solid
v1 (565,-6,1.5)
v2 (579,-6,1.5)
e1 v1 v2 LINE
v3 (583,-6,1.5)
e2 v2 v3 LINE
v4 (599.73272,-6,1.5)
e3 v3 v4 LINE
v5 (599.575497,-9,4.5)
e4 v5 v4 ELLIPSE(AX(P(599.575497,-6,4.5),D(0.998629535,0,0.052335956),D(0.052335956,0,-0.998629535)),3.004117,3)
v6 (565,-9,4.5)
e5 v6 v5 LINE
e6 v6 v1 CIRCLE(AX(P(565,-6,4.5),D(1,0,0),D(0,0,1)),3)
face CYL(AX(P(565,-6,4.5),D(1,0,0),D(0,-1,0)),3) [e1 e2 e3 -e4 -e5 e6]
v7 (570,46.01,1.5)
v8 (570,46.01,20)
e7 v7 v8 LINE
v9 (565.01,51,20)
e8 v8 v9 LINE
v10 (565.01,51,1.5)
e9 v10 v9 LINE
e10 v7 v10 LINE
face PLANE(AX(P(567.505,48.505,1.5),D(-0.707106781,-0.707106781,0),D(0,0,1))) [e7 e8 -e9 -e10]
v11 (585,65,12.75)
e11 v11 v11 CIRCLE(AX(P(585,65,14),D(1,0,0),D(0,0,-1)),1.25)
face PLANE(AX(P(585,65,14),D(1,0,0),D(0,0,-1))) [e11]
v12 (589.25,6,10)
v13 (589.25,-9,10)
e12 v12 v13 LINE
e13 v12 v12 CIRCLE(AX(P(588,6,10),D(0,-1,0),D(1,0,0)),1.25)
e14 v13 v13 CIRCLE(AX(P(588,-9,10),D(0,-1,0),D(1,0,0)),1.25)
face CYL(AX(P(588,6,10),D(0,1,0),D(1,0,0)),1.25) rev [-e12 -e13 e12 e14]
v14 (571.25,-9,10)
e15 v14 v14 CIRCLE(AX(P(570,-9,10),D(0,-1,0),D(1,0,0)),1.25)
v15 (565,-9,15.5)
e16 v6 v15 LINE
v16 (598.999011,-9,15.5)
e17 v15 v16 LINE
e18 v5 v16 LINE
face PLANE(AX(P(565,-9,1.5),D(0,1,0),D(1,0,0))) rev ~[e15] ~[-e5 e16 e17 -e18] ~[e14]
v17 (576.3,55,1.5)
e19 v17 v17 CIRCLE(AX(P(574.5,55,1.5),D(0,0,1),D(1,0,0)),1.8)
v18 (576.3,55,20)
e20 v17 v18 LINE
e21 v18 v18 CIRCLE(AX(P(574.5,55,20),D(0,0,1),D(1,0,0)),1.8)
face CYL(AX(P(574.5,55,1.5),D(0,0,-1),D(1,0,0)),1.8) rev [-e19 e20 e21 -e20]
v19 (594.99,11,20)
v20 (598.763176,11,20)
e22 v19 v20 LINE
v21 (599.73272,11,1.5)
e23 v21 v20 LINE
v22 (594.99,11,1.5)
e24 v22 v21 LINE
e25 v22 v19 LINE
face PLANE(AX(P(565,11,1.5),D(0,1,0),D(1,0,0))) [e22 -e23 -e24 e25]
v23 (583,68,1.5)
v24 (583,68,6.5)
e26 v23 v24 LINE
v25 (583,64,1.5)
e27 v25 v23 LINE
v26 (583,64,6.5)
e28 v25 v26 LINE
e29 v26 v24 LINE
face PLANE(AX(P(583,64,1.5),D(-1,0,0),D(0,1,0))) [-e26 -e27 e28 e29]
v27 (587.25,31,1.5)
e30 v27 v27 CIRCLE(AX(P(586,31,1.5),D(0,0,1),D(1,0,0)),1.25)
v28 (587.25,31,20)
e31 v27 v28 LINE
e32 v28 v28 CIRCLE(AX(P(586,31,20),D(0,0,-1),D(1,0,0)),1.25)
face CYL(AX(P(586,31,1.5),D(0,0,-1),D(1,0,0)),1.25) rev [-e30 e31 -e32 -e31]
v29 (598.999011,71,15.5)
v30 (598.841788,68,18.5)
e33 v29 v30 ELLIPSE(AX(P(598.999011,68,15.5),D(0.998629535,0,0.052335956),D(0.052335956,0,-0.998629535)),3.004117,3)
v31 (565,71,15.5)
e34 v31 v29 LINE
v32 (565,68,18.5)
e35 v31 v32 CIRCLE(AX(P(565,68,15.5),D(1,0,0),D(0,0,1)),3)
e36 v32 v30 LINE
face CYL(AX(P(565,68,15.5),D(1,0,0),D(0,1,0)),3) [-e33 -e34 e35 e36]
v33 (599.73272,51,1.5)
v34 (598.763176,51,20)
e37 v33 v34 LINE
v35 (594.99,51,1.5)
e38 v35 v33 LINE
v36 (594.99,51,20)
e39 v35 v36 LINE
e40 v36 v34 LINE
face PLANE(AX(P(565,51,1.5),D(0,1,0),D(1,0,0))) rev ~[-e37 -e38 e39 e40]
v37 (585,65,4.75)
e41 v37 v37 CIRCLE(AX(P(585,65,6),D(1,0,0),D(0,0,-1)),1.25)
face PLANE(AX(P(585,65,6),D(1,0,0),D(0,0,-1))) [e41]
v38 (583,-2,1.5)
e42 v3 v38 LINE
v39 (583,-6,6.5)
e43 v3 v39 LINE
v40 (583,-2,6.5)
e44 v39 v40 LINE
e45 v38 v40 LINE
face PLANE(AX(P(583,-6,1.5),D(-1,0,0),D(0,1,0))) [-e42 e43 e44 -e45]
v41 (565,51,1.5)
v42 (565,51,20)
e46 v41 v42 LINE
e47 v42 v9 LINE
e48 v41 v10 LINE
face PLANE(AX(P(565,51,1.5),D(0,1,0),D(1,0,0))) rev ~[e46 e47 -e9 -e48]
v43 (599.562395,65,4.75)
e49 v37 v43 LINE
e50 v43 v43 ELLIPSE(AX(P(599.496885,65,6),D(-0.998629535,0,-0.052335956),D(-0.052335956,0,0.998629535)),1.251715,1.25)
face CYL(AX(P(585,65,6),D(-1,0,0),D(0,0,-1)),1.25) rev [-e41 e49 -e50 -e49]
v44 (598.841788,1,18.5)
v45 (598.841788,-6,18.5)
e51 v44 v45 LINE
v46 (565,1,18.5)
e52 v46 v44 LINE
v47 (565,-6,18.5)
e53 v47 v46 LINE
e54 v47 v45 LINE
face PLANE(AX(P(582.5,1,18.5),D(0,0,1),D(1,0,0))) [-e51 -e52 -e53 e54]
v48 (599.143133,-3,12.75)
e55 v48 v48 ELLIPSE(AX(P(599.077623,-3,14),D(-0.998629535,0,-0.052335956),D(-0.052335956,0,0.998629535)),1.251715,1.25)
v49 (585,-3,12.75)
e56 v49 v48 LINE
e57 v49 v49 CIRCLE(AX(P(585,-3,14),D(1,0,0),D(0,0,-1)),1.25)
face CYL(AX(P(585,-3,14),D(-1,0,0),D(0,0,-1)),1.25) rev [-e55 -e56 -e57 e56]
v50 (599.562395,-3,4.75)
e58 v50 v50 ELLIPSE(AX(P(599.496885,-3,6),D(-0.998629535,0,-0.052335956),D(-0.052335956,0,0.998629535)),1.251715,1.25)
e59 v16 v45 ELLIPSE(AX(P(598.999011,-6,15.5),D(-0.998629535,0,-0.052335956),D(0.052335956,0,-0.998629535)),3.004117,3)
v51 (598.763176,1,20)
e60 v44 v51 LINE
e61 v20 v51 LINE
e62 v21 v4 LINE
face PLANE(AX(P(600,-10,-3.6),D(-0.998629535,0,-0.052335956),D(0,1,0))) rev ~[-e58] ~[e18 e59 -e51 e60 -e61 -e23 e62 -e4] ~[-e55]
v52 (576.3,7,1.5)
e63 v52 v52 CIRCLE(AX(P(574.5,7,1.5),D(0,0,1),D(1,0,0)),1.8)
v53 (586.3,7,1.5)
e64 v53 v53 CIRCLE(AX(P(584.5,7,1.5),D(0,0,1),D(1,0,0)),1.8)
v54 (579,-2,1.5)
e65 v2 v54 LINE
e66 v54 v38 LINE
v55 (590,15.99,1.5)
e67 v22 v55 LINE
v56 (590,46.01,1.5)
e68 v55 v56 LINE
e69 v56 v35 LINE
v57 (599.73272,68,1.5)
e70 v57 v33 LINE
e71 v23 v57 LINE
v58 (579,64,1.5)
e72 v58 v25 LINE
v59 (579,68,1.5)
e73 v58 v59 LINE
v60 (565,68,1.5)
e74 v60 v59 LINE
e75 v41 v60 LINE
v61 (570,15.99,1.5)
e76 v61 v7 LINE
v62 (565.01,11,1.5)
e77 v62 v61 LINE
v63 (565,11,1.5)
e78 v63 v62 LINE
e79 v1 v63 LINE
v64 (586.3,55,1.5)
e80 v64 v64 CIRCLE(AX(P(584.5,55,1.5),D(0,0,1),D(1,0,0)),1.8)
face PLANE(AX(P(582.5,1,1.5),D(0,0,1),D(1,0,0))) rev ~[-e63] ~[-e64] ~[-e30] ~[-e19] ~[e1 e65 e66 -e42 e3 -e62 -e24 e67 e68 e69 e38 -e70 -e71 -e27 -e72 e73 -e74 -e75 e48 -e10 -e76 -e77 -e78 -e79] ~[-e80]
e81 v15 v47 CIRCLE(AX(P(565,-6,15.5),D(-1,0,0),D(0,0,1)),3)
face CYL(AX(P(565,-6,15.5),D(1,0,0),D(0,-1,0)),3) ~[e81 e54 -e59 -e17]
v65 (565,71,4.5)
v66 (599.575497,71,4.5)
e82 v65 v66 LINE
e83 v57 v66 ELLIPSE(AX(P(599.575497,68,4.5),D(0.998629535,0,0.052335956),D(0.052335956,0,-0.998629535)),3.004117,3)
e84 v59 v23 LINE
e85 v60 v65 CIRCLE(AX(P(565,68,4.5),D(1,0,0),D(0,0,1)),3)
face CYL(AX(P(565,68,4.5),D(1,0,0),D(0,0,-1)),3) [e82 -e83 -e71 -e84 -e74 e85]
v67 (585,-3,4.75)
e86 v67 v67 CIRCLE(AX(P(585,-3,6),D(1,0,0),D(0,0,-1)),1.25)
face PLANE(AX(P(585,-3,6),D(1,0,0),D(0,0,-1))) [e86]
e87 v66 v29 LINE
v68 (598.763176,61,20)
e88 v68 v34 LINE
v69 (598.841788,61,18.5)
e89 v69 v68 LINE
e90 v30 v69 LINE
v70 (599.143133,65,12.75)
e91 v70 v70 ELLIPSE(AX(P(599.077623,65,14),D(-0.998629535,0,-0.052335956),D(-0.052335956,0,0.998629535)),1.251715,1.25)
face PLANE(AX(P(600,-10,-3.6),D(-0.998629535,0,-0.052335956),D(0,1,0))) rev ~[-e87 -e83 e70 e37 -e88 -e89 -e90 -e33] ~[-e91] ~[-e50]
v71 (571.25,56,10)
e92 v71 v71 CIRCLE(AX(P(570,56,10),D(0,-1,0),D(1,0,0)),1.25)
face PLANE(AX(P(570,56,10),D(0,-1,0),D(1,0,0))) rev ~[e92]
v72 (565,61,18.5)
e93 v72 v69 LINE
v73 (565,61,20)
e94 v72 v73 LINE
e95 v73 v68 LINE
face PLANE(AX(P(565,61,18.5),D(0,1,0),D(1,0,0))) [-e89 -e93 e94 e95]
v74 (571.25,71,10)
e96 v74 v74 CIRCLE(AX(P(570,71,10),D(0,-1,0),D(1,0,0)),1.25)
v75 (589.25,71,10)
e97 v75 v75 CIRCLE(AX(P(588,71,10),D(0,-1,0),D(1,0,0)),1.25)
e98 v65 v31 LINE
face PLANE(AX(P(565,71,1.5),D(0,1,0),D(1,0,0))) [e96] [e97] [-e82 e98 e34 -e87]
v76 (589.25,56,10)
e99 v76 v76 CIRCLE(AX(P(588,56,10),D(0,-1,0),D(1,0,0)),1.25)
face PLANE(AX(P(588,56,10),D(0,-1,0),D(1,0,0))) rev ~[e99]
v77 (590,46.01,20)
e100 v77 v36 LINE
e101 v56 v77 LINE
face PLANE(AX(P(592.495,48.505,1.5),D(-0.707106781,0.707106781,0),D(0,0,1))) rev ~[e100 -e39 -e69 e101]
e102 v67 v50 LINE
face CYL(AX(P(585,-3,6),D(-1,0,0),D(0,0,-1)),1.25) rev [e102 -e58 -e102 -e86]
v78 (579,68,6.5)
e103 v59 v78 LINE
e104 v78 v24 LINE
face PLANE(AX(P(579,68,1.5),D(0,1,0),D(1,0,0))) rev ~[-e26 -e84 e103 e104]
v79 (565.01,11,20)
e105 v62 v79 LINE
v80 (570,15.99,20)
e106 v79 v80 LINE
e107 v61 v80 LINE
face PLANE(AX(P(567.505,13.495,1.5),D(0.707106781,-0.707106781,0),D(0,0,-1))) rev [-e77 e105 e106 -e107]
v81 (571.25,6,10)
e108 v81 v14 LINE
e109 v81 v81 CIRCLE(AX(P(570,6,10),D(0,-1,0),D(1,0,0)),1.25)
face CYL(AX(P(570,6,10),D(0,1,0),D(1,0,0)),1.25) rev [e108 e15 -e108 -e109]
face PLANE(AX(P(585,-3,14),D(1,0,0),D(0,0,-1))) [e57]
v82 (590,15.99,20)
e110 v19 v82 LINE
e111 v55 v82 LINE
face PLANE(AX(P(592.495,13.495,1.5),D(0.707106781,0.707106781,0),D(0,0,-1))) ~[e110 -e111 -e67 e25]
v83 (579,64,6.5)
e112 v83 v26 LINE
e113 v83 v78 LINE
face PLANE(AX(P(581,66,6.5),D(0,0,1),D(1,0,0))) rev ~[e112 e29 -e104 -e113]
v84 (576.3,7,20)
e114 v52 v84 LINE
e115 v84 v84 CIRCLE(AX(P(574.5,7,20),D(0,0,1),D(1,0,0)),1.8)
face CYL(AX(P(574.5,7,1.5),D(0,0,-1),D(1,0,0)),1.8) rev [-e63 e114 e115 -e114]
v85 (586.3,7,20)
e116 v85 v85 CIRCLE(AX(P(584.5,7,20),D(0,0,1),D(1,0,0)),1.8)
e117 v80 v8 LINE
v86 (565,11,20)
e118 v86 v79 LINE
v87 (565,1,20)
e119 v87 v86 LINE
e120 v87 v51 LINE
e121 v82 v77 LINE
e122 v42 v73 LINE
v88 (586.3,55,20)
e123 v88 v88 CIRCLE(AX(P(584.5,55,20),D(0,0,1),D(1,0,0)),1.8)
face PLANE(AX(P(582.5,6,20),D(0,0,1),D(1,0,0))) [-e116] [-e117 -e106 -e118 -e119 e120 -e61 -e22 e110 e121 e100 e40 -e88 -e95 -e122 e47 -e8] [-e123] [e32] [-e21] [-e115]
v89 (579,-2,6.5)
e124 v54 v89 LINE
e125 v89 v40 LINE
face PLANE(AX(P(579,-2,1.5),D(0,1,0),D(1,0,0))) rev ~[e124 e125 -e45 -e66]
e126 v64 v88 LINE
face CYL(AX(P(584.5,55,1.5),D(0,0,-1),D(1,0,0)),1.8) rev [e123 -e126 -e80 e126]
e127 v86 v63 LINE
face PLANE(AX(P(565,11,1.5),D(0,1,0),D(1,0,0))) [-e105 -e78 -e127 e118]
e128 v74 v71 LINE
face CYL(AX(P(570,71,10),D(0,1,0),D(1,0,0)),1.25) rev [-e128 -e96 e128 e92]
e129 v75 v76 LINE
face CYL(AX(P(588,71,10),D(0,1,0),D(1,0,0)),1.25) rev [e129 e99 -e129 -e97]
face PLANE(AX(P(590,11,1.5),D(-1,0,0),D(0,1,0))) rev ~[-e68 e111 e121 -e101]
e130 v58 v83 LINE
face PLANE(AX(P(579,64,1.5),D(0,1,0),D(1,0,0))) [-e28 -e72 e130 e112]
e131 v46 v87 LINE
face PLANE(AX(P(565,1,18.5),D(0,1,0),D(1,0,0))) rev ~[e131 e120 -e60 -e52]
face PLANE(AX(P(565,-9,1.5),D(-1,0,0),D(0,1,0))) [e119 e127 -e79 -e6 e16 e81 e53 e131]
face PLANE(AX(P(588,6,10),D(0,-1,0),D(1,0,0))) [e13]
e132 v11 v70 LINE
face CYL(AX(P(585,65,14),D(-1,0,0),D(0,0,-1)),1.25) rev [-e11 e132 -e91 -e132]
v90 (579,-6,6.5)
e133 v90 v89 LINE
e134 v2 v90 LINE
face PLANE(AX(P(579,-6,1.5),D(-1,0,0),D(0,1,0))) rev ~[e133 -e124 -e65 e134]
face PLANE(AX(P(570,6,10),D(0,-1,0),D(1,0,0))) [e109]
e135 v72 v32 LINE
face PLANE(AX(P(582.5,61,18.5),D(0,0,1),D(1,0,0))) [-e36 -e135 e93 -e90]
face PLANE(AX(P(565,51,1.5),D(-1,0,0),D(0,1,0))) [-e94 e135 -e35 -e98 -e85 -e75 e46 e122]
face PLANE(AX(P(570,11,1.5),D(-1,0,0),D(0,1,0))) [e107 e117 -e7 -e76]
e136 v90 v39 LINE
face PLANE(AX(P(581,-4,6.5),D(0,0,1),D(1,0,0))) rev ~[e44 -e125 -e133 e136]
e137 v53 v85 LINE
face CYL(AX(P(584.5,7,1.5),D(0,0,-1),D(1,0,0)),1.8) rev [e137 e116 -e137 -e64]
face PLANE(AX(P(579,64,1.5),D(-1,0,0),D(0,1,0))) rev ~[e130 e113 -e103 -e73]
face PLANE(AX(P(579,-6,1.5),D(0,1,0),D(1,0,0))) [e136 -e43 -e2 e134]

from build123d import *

# Parameters (mm, degrees)
CYLINDER445_R          = 1.25
CYLINDER445_DEPTH      = 20
BOX297_W               = 4
BOX297_H               = 4
BOX297_DEPTH           = 5
BOX298_W               = 4
BOX298_H               = 4
BOX298_DEPTH           = 5
CYLINDER444_R          = 1.25
CYLINDER444_DEPTH      = 15
CYLINDER443_R          = 1.25
CYLINDER443_DEPTH      = 15
CYLINDER442_R          = 1.25
CYLINDER442_DEPTH      = 15
CYLINDER441_R          = 1.25
CYLINDER441_DEPTH      = 15
CYLINDER450_R          = 1.8
CYLINDER450_DEPTH      = 18.5
CYLINDER451_R          = 1.8
CYLINDER451_DEPTH      = 18.5
CYLINDER446_R          = 1.8
CYLINDER446_DEPTH      = 18.5
CYLINDER447_R          = 1.8
CYLINDER447_DEPTH      = 18.5
CYLINDER449_R          = 1.25
CYLINDER449_DEPTH      = 15
CYLINDER448_R          = 1.25
CYLINDER448_DEPTH      = 15
CYLINDER440_R          = 1.25
CYLINDER440_DEPTH      = 15
CYLINDER439_R          = 1.25
CYLINDER439_DEPTH      = 15
BOX293_W               = 10
BOX293_H               = 82
BOX293_DEPTH           = 32
BOX293_PLACEMENT_ANGLE = 3
BOX300_W               = 35
BOX300_H               = 10
BOX300_DEPTH           = 1.5
BOX295_W               = 35
BOX295_H               = 20
BOX295_DEPTH           = 17
BOX292_W               = 35
BOX292_H               = 20
BOX292_DEPTH           = 17
BOX296_W               = 20
BOX296_H               = 40
BOX296_DEPTH           = 18.5
BOX299_W               = 35
BOX299_H               = 10
BOX299_DEPTH           = 1.5
FILLET107_R            = 3
CHAMFER030_SIZE        = 4.99


with BuildPart() as cylinder445:
    # Cylinder445 → Cylinder445 (new body)
    with BuildSketch(Plane(origin=(586, 31, 1.5), x_dir=(1, 0, 0), z_dir=(0, 0, 1))):
        Circle(CYLINDER445_R)
    extrude(amount=CYLINDER445_DEPTH)


with BuildPart() as box297:
    # Box297 → Box297 (new body)
    with BuildSketch(Plane(origin=(579, -6, 1.5), x_dir=(1, 0, 0), z_dir=(0, 0, 1))):
        with Locations((2, 2)):
            Rectangle(BOX297_W, BOX297_H)
    extrude(amount=BOX297_DEPTH)


with BuildPart() as fusion398:
    # Box298 → Box298 (new body)
    with BuildSketch(Plane(origin=(579, 64, 1.5), x_dir=(1, 0, 0), z_dir=(0, 0, 1))):
        with Locations((2, 2)):
            Rectangle(BOX298_W, BOX298_H)
    extrude(amount=BOX298_DEPTH)

    # Fusion398: union Box297
    add(box297.part)


with BuildPart() as cylinder444:
    # Cylinder444 → Cylinder444 (new body)
    with BuildSketch(Plane(origin=(585, 7, 6), x_dir=(0, 0, -1), z_dir=(1, 0, 0))):
        Circle(CYLINDER444_R)
    extrude(amount=CYLINDER444_DEPTH)


with BuildPart() as fusion396:
    # Cylinder443 → Cylinder443 (new body)
    with BuildSketch(Plane(origin=(585, 7, 14), x_dir=(0, 0, -1), z_dir=(1, 0, 0))):
        Circle(CYLINDER443_R)
    extrude(amount=CYLINDER443_DEPTH)

    # Fusion396: union Cylinder444
    add(cylinder444.part)


with BuildPart() as fusion396_1:
    # Fusion396 placement: moved
    add(fusion396.part.moved(Location((0, 58, 0))))


with BuildPart() as cylinder442:
    # Cylinder442 → Cylinder442 (new body)
    with BuildSketch(Plane(origin=(585, 7, 6), x_dir=(0, 0, -1), z_dir=(1, 0, 0))):
        Circle(CYLINDER442_R)
    extrude(amount=CYLINDER442_DEPTH)


with BuildPart() as fusion397:
    # Cylinder441 → Cylinder441 (new body)
    with BuildSketch(Plane(origin=(585, 7, 14), x_dir=(0, 0, -1), z_dir=(1, 0, 0))):
        Circle(CYLINDER441_R)
    extrude(amount=CYLINDER441_DEPTH)

    # Fusion395: union Cylinder442
    add(cylinder442.part)


with BuildPart() as fusion397_1:
    # Fusion395 placement: moved
    add(fusion397.part.moved(Location((0, -10, 0))))

    # Fusion397: union Fusion396
    add(fusion396_1.part)


with BuildPart() as cylinder450:
    # Cylinder450 → Cylinder450 (new body)
    with BuildSketch(Plane(origin=(584, 7, 10.5), x_dir=(1, 0, 0), z_dir=(0, 0, 1))):
        Circle(CYLINDER450_R)
    extrude(amount=CYLINDER450_DEPTH)


with BuildPart() as fusion403:
    # Cylinder451 → Cylinder451 (new body)
    with BuildSketch(Plane(origin=(584, 55, 10.5), x_dir=(1, 0, 0), z_dir=(0, 0, 1))):
        Circle(CYLINDER451_R)
    extrude(amount=CYLINDER451_DEPTH)

    # Fusion403: union Cylinder450
    add(cylinder450.part)


with BuildPart() as fusion403_1:
    # Fusion403 placement: moved
    add(fusion403.part.moved(Location((-9.5, 0, -9))))


with BuildPart() as cylinder446:
    # Cylinder446 → Cylinder446 (new body)
    with BuildSketch(Plane(origin=(584, 7, 10.5), x_dir=(1, 0, 0), z_dir=(0, 0, 1))):
        Circle(CYLINDER446_R)
    extrude(amount=CYLINDER446_DEPTH)


with BuildPart() as fusion405:
    # Cylinder447 → Cylinder447 (new body)
    with BuildSketch(Plane(origin=(584, 55, 10.5), x_dir=(1, 0, 0), z_dir=(0, 0, 1))):
        Circle(CYLINDER447_R)
    extrude(amount=CYLINDER447_DEPTH)

    # Fusion399: union Cylinder446
    add(cylinder446.part)


with BuildPart() as fusion405_1:
    # Fusion399 placement: moved
    add(fusion405.part.moved(Location((0.5, 0, -9))))

    # Fusion405: union Fusion403
    add(fusion403_1.part)


with BuildPart() as cylinder449:
    # Cylinder449 → Cylinder449 (new body)
    with BuildSketch(Plane(origin=(588, 71, 10), x_dir=(1, 0, 0), z_dir=(0, -1, 0))):
        Circle(CYLINDER449_R)
    extrude(amount=CYLINDER449_DEPTH)


with BuildPart() as fusion401:
    # Cylinder448 → Cylinder448 (new body)
    with BuildSketch(Plane(origin=(588, 6, 10), x_dir=(1, 0, 0), z_dir=(0, -1, 0))):
        Circle(CYLINDER448_R)
    extrude(amount=CYLINDER448_DEPTH)

    # Fusion401: union Cylinder449
    add(cylinder449.part)


with BuildPart() as fusion401_1:
    # Fusion401 placement: moved
    add(fusion401.part.moved(Location((-18, 0, 0))))


with BuildPart() as cylinder440:
    # Cylinder440 → Cylinder440 (new body)
    with BuildSketch(Plane(origin=(588, 71, 10), x_dir=(1, 0, 0), z_dir=(0, -1, 0))):
        Circle(CYLINDER440_R)
    extrude(amount=CYLINDER440_DEPTH)


with BuildPart() as fusion404:
    # Cylinder439 → Cylinder439 (new body)
    with BuildSketch(Plane(origin=(588, 6, 10), x_dir=(1, 0, 0), z_dir=(0, -1, 0))):
        Circle(CYLINDER439_R)
    extrude(amount=CYLINDER439_DEPTH)

    # Fusion394: union Cylinder440
    add(cylinder440.part)

    # Fusion404: union Fusion401
    add(fusion401_1.part)


with BuildPart() as box293:
    # Box293 → Box293 (new body)
    with BuildSketch(Plane.XY):
        with Locations((5, 41)):
            Rectangle(BOX293_W, BOX293_H)
    extrude(amount=BOX293_DEPTH)


with BuildPart() as box293_1:
    # Box293 placement: moved
    add(box293.part.moved(Location((600, -10, -3.6))).rotate(Axis((600, -10, -3.6), (0, -1, 0)), BOX293_PLACEMENT_ANGLE))


with BuildPart() as box300:
    # Box300 → Box300 (new body)
    with BuildSketch(Plane(origin=(565, 1, 18.5), x_dir=(1, 0, 0), z_dir=(0, 0, 1))):
        with Locations((17.5, 5)):
            Rectangle(BOX300_W, BOX300_H)
    extrude(amount=BOX300_DEPTH)


with BuildPart() as box295:
    # Box295 → Box295 (new body)
    with BuildSketch(Plane(origin=(565, 51, 1.5), x_dir=(1, 0, 0), z_dir=(0, 0, 1))):
        with Locations((17.5, 10)):
            Rectangle(BOX295_W, BOX295_H)
    extrude(amount=BOX295_DEPTH)


with BuildPart() as box292:
    # Box292 → Box292 (new body)
    with BuildSketch(Plane(origin=(565, -9, 1.5), x_dir=(1, 0, 0), z_dir=(0, 0, 1))):
        with Locations((17.5, 10)):
            Rectangle(BOX292_W, BOX292_H)
    extrude(amount=BOX292_DEPTH)


with BuildPart() as box296:
    # Box296 → Box296 (new body)
    with BuildSketch(Plane(origin=(570, 11, 1.5), x_dir=(1, 0, 0), z_dir=(0, 0, 1))):
        with Locations((10, 20)):
            Rectangle(BOX296_W, BOX296_H)
    extrude(amount=BOX296_DEPTH)


with BuildPart() as rear_cross_member_wide:
    # Box299 → Box299 (new body)
    with BuildSketch(Plane(origin=(565, 51, 18.5), x_dir=(1, 0, 0), z_dir=(0, 0, 1))):
        with Locations((17.5, 5)):
            Rectangle(BOX299_W, BOX299_H)
    extrude(amount=BOX299_DEPTH)

    # Fusion402: union Box300, Box295, Box292, Box296
    add(box300.part)
    add(box295.part)
    add(box292.part)
    add(box296.part)

    # Cut293: cut Box293
    add(box293_1.part, mode=Mode.SUBTRACT)

    # Cut294: cut Fusion404
    add(fusion404.part, mode=Mode.SUBTRACT)

    # Cut295: cut Fusion405
    add(fusion405_1.part, mode=Mode.SUBTRACT)

    # Fillet107
    fillet107_edges = [rear_cross_member_wide.edges().sort_by_distance(p)[0] for p in [
        (582.36636, 71, 1.5),
        (581.920894, 71, 18.5),
        (582.36636, -9, 1.5),
        (581.920894, -9, 18.5),
    ]]
    fillet(fillet107_edges, radius=FILLET107_R)

    # Chamfer030
    chamfer030_edges = [rear_cross_member_wide.edges().sort_by_distance(p)[0] for p in [
        (570, 51, 10.75),
        (590, 51, 10.75),
        (570, 11, 10.75),
        (590, 11, 10.75),
    ]]
    chamfer(chamfer030_edges, length=CHAMFER030_SIZE)

    # Cut296: cut Fusion397
    add(fusion397_1.part, mode=Mode.SUBTRACT)

    # Cut297: cut Fusion398
    add(fusion398.part, mode=Mode.SUBTRACT)

    # Cut298: cut Cylinder445
    add(cylinder445.part, mode=Mode.SUBTRACT)


solid = rear_cross_member_wide.part
